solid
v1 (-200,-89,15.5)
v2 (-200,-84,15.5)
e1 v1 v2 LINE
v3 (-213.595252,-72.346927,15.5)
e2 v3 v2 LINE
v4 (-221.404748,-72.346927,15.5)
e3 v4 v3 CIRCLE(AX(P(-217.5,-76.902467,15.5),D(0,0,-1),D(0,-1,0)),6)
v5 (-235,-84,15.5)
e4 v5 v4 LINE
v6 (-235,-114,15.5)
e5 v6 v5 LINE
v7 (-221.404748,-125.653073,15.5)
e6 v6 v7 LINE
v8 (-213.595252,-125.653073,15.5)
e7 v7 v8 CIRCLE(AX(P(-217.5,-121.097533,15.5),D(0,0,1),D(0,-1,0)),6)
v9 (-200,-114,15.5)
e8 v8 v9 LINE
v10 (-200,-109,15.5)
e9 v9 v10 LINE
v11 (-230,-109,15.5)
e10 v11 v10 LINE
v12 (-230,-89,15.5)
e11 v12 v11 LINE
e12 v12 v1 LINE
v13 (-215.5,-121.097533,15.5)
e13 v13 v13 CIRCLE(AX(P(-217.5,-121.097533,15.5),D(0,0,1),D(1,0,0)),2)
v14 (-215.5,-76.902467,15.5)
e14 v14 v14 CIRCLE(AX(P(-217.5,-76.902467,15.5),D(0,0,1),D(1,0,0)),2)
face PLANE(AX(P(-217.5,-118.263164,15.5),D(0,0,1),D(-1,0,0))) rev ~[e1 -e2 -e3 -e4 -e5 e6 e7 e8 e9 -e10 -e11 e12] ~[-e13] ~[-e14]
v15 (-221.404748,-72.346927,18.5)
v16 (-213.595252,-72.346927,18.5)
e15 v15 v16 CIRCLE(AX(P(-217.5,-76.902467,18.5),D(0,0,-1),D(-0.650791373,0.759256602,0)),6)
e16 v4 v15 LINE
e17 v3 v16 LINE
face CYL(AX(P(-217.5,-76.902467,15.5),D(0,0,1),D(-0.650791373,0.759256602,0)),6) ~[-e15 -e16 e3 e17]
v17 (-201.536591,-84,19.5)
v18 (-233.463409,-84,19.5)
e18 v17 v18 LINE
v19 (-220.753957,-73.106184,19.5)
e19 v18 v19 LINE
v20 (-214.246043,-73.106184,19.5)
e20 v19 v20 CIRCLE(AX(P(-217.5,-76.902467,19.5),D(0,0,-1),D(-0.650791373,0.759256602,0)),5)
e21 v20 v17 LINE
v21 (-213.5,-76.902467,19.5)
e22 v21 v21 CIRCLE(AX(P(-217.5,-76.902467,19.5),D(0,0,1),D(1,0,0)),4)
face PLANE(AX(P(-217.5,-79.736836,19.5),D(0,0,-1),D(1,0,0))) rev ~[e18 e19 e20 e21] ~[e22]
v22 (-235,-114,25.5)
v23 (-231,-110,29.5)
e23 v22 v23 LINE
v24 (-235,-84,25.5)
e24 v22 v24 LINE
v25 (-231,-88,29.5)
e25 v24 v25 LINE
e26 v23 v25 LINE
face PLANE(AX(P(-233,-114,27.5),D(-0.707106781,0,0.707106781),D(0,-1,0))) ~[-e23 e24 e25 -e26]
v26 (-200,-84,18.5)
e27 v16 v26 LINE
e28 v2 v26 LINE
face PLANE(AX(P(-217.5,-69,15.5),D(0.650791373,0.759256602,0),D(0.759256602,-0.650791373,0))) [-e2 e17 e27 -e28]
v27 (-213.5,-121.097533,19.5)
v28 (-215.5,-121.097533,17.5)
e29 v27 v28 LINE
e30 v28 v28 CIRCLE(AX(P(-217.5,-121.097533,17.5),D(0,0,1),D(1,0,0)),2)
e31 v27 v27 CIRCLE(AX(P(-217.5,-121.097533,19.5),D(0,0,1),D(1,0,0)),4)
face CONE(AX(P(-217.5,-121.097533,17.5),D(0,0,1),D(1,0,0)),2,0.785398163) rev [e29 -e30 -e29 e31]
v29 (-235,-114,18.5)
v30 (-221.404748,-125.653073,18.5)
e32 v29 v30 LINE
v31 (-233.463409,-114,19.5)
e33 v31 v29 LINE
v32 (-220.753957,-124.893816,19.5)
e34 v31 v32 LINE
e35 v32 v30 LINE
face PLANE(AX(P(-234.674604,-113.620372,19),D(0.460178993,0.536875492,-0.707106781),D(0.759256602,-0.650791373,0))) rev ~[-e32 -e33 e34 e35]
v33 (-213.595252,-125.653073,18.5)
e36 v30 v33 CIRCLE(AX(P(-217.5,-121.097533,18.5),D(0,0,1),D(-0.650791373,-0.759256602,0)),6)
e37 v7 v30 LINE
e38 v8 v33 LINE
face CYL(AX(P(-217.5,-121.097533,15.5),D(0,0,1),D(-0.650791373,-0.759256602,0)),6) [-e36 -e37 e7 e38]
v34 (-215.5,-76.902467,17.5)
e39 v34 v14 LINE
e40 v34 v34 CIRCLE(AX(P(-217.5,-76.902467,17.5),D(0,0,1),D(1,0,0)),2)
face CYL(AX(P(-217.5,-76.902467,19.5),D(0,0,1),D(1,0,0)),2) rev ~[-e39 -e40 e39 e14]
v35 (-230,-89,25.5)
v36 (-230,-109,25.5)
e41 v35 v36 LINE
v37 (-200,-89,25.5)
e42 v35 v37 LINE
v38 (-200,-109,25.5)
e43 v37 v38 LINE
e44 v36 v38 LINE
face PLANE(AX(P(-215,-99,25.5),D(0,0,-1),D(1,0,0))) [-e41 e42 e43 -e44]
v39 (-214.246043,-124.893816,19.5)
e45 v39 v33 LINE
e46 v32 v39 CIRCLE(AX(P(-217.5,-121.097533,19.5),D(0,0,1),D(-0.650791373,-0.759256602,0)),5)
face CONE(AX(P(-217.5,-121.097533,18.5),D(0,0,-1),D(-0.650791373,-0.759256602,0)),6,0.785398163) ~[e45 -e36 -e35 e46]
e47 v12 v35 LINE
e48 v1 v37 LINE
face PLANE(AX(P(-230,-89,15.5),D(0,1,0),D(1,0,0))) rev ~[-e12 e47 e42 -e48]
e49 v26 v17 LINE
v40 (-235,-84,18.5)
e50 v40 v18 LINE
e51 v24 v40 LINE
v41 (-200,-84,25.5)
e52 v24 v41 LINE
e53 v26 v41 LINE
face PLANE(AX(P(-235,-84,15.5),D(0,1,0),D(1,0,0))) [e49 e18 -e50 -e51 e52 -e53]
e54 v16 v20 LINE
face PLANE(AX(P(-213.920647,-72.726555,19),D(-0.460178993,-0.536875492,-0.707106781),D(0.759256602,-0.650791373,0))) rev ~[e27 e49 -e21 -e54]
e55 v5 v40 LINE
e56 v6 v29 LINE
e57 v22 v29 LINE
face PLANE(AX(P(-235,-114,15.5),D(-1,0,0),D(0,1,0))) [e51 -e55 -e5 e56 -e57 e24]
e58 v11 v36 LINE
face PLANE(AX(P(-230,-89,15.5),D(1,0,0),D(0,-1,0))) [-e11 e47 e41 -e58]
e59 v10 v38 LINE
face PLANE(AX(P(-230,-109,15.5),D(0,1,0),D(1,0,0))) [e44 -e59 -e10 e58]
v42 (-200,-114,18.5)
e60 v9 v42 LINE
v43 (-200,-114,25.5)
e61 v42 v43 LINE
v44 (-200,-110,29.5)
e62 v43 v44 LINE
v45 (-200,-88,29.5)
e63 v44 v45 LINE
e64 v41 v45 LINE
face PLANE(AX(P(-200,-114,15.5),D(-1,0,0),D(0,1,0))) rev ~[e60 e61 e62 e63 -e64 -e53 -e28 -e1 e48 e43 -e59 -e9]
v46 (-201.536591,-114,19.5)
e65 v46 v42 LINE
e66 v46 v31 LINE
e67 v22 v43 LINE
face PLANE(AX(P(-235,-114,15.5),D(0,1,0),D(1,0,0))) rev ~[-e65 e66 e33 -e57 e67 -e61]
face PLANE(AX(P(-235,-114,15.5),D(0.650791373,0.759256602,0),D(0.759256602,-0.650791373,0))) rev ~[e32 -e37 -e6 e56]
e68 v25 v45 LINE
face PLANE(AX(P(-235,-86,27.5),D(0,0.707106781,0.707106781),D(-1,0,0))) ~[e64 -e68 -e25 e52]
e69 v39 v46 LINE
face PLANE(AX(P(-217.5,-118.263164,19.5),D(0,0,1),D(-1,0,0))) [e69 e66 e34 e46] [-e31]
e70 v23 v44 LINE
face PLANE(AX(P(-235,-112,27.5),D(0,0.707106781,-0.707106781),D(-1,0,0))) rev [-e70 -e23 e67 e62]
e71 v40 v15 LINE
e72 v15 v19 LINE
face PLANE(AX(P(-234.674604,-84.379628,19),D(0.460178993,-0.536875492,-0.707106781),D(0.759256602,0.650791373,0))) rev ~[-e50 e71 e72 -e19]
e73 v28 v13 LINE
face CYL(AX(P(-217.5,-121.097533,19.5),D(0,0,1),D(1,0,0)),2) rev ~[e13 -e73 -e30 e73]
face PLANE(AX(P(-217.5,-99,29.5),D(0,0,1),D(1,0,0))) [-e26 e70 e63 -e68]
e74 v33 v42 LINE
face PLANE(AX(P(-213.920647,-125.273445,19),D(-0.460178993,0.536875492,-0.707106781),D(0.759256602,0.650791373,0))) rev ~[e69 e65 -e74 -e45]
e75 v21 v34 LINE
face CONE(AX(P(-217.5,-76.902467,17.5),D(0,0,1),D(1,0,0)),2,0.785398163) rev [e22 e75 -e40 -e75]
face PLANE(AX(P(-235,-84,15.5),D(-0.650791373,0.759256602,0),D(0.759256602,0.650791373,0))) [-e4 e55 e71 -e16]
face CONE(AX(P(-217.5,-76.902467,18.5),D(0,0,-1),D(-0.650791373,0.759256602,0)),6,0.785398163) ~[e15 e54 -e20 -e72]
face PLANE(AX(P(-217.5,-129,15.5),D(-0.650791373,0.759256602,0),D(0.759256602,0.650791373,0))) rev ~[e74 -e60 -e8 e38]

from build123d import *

# Parameters (mm, degrees)
SKETCH064_W     = 35
SKETCH064_H     = 30
PAD030_DEPTH    = 14
SKETCH065_W     = 30
SKETCH065_H     = 20
POCKET041_DEPTH = 10
PAD031_DEPTH    = 4
FILLET012_R     = 6
SKETCH067_R     = 2
POCKET042_DEPTH = 4.001
CHAMFER026_SIZE = 4
CHAMFER027_SIZE = 2
CHAMFER028_SIZE = 1


with BuildPart() as part:
    # Sketch064 → Pad030 (new body)
    with BuildSketch(Plane.XY):
        with Locations((-217.5, -99)):
            Rectangle(SKETCH064_W, SKETCH064_H)
    extrude(amount=PAD030_DEPTH)

    # Sketch065 (on Face5 of Pad030) → Pocket041 (cut)
    with BuildSketch(Plane(origin=(0, 0, 0), x_dir=(1, 0, 0), z_dir=(0, 0, -1))):
        with Locations((-215, 99)):
            Rectangle(SKETCH065_W, SKETCH065_H)
    extrude(amount=-POCKET041_DEPTH, mode=Mode.SUBTRACT)

    # Sketch066 (on Face4 of Pocket041) → Pad031 (join)
    with BuildSketch(Plane(origin=(0, 0, 0), x_dir=(1, 0, 0), z_dir=(0, 0, -1))):
        Polygon((-235, 114), (-217.5, 129), (-200, 114), align=None)
        Polygon((-235, 84), (-217.5, 69), (-200, 84), align=None)
    extrude(amount=-PAD031_DEPTH)

    # Fillet012
    fillet012_edges = [part.edges().sort_by_distance(p)[0] for p in [
        (-217.5, -129, 2),
        (-217.5, -69, 2),
    ]]
    fillet(fillet012_edges, radius=FILLET012_R)

    # Sketch067 (on Face1 of Fillet012) → Pocket042 (cut, through all)
    with BuildSketch(Plane.XY.offset(4)):
        with Locations((-217.5, -76.902467)):
            Circle(SKETCH067_R)
        with Locations((-217.5, -121.097533)):
            Circle(SKETCH067_R)
    extrude(amount=-POCKET042_DEPTH, mode=Mode.SUBTRACT)

    # Chamfer026
    chamfer026_edges = [part.edges().sort_by_distance(p)[0] for p in [
        (-235, -99, 14),
        (-217.5, -114, 14),
        (-217.5, -84, 14),
    ]]
    chamfer(chamfer026_edges, length=CHAMFER026_SIZE)

    # Chamfer027
    chamfer027_edges = [part.edges().sort_by_distance(p)[0] for p in [
        (-219.5, -121.097533, 4),
        (-219.5, -76.902467, 4),
    ]]
    chamfer(chamfer027_edges, length=CHAMFER027_SIZE)

    # Chamfer028
    chamfer028_edges = [part.edges().sort_by_distance(p)[0] for p in [
        (-217.5, -127.097533, 4),
        (-217.5, -70.902467, 4),
    ]]
    chamfer(chamfer028_edges, length=CHAMFER028_SIZE)


with BuildPart() as part_1:
    # Body023 placement: moved
    add(part.part.moved(Location((0, 0, 15.5))))


solid = part_1.part
